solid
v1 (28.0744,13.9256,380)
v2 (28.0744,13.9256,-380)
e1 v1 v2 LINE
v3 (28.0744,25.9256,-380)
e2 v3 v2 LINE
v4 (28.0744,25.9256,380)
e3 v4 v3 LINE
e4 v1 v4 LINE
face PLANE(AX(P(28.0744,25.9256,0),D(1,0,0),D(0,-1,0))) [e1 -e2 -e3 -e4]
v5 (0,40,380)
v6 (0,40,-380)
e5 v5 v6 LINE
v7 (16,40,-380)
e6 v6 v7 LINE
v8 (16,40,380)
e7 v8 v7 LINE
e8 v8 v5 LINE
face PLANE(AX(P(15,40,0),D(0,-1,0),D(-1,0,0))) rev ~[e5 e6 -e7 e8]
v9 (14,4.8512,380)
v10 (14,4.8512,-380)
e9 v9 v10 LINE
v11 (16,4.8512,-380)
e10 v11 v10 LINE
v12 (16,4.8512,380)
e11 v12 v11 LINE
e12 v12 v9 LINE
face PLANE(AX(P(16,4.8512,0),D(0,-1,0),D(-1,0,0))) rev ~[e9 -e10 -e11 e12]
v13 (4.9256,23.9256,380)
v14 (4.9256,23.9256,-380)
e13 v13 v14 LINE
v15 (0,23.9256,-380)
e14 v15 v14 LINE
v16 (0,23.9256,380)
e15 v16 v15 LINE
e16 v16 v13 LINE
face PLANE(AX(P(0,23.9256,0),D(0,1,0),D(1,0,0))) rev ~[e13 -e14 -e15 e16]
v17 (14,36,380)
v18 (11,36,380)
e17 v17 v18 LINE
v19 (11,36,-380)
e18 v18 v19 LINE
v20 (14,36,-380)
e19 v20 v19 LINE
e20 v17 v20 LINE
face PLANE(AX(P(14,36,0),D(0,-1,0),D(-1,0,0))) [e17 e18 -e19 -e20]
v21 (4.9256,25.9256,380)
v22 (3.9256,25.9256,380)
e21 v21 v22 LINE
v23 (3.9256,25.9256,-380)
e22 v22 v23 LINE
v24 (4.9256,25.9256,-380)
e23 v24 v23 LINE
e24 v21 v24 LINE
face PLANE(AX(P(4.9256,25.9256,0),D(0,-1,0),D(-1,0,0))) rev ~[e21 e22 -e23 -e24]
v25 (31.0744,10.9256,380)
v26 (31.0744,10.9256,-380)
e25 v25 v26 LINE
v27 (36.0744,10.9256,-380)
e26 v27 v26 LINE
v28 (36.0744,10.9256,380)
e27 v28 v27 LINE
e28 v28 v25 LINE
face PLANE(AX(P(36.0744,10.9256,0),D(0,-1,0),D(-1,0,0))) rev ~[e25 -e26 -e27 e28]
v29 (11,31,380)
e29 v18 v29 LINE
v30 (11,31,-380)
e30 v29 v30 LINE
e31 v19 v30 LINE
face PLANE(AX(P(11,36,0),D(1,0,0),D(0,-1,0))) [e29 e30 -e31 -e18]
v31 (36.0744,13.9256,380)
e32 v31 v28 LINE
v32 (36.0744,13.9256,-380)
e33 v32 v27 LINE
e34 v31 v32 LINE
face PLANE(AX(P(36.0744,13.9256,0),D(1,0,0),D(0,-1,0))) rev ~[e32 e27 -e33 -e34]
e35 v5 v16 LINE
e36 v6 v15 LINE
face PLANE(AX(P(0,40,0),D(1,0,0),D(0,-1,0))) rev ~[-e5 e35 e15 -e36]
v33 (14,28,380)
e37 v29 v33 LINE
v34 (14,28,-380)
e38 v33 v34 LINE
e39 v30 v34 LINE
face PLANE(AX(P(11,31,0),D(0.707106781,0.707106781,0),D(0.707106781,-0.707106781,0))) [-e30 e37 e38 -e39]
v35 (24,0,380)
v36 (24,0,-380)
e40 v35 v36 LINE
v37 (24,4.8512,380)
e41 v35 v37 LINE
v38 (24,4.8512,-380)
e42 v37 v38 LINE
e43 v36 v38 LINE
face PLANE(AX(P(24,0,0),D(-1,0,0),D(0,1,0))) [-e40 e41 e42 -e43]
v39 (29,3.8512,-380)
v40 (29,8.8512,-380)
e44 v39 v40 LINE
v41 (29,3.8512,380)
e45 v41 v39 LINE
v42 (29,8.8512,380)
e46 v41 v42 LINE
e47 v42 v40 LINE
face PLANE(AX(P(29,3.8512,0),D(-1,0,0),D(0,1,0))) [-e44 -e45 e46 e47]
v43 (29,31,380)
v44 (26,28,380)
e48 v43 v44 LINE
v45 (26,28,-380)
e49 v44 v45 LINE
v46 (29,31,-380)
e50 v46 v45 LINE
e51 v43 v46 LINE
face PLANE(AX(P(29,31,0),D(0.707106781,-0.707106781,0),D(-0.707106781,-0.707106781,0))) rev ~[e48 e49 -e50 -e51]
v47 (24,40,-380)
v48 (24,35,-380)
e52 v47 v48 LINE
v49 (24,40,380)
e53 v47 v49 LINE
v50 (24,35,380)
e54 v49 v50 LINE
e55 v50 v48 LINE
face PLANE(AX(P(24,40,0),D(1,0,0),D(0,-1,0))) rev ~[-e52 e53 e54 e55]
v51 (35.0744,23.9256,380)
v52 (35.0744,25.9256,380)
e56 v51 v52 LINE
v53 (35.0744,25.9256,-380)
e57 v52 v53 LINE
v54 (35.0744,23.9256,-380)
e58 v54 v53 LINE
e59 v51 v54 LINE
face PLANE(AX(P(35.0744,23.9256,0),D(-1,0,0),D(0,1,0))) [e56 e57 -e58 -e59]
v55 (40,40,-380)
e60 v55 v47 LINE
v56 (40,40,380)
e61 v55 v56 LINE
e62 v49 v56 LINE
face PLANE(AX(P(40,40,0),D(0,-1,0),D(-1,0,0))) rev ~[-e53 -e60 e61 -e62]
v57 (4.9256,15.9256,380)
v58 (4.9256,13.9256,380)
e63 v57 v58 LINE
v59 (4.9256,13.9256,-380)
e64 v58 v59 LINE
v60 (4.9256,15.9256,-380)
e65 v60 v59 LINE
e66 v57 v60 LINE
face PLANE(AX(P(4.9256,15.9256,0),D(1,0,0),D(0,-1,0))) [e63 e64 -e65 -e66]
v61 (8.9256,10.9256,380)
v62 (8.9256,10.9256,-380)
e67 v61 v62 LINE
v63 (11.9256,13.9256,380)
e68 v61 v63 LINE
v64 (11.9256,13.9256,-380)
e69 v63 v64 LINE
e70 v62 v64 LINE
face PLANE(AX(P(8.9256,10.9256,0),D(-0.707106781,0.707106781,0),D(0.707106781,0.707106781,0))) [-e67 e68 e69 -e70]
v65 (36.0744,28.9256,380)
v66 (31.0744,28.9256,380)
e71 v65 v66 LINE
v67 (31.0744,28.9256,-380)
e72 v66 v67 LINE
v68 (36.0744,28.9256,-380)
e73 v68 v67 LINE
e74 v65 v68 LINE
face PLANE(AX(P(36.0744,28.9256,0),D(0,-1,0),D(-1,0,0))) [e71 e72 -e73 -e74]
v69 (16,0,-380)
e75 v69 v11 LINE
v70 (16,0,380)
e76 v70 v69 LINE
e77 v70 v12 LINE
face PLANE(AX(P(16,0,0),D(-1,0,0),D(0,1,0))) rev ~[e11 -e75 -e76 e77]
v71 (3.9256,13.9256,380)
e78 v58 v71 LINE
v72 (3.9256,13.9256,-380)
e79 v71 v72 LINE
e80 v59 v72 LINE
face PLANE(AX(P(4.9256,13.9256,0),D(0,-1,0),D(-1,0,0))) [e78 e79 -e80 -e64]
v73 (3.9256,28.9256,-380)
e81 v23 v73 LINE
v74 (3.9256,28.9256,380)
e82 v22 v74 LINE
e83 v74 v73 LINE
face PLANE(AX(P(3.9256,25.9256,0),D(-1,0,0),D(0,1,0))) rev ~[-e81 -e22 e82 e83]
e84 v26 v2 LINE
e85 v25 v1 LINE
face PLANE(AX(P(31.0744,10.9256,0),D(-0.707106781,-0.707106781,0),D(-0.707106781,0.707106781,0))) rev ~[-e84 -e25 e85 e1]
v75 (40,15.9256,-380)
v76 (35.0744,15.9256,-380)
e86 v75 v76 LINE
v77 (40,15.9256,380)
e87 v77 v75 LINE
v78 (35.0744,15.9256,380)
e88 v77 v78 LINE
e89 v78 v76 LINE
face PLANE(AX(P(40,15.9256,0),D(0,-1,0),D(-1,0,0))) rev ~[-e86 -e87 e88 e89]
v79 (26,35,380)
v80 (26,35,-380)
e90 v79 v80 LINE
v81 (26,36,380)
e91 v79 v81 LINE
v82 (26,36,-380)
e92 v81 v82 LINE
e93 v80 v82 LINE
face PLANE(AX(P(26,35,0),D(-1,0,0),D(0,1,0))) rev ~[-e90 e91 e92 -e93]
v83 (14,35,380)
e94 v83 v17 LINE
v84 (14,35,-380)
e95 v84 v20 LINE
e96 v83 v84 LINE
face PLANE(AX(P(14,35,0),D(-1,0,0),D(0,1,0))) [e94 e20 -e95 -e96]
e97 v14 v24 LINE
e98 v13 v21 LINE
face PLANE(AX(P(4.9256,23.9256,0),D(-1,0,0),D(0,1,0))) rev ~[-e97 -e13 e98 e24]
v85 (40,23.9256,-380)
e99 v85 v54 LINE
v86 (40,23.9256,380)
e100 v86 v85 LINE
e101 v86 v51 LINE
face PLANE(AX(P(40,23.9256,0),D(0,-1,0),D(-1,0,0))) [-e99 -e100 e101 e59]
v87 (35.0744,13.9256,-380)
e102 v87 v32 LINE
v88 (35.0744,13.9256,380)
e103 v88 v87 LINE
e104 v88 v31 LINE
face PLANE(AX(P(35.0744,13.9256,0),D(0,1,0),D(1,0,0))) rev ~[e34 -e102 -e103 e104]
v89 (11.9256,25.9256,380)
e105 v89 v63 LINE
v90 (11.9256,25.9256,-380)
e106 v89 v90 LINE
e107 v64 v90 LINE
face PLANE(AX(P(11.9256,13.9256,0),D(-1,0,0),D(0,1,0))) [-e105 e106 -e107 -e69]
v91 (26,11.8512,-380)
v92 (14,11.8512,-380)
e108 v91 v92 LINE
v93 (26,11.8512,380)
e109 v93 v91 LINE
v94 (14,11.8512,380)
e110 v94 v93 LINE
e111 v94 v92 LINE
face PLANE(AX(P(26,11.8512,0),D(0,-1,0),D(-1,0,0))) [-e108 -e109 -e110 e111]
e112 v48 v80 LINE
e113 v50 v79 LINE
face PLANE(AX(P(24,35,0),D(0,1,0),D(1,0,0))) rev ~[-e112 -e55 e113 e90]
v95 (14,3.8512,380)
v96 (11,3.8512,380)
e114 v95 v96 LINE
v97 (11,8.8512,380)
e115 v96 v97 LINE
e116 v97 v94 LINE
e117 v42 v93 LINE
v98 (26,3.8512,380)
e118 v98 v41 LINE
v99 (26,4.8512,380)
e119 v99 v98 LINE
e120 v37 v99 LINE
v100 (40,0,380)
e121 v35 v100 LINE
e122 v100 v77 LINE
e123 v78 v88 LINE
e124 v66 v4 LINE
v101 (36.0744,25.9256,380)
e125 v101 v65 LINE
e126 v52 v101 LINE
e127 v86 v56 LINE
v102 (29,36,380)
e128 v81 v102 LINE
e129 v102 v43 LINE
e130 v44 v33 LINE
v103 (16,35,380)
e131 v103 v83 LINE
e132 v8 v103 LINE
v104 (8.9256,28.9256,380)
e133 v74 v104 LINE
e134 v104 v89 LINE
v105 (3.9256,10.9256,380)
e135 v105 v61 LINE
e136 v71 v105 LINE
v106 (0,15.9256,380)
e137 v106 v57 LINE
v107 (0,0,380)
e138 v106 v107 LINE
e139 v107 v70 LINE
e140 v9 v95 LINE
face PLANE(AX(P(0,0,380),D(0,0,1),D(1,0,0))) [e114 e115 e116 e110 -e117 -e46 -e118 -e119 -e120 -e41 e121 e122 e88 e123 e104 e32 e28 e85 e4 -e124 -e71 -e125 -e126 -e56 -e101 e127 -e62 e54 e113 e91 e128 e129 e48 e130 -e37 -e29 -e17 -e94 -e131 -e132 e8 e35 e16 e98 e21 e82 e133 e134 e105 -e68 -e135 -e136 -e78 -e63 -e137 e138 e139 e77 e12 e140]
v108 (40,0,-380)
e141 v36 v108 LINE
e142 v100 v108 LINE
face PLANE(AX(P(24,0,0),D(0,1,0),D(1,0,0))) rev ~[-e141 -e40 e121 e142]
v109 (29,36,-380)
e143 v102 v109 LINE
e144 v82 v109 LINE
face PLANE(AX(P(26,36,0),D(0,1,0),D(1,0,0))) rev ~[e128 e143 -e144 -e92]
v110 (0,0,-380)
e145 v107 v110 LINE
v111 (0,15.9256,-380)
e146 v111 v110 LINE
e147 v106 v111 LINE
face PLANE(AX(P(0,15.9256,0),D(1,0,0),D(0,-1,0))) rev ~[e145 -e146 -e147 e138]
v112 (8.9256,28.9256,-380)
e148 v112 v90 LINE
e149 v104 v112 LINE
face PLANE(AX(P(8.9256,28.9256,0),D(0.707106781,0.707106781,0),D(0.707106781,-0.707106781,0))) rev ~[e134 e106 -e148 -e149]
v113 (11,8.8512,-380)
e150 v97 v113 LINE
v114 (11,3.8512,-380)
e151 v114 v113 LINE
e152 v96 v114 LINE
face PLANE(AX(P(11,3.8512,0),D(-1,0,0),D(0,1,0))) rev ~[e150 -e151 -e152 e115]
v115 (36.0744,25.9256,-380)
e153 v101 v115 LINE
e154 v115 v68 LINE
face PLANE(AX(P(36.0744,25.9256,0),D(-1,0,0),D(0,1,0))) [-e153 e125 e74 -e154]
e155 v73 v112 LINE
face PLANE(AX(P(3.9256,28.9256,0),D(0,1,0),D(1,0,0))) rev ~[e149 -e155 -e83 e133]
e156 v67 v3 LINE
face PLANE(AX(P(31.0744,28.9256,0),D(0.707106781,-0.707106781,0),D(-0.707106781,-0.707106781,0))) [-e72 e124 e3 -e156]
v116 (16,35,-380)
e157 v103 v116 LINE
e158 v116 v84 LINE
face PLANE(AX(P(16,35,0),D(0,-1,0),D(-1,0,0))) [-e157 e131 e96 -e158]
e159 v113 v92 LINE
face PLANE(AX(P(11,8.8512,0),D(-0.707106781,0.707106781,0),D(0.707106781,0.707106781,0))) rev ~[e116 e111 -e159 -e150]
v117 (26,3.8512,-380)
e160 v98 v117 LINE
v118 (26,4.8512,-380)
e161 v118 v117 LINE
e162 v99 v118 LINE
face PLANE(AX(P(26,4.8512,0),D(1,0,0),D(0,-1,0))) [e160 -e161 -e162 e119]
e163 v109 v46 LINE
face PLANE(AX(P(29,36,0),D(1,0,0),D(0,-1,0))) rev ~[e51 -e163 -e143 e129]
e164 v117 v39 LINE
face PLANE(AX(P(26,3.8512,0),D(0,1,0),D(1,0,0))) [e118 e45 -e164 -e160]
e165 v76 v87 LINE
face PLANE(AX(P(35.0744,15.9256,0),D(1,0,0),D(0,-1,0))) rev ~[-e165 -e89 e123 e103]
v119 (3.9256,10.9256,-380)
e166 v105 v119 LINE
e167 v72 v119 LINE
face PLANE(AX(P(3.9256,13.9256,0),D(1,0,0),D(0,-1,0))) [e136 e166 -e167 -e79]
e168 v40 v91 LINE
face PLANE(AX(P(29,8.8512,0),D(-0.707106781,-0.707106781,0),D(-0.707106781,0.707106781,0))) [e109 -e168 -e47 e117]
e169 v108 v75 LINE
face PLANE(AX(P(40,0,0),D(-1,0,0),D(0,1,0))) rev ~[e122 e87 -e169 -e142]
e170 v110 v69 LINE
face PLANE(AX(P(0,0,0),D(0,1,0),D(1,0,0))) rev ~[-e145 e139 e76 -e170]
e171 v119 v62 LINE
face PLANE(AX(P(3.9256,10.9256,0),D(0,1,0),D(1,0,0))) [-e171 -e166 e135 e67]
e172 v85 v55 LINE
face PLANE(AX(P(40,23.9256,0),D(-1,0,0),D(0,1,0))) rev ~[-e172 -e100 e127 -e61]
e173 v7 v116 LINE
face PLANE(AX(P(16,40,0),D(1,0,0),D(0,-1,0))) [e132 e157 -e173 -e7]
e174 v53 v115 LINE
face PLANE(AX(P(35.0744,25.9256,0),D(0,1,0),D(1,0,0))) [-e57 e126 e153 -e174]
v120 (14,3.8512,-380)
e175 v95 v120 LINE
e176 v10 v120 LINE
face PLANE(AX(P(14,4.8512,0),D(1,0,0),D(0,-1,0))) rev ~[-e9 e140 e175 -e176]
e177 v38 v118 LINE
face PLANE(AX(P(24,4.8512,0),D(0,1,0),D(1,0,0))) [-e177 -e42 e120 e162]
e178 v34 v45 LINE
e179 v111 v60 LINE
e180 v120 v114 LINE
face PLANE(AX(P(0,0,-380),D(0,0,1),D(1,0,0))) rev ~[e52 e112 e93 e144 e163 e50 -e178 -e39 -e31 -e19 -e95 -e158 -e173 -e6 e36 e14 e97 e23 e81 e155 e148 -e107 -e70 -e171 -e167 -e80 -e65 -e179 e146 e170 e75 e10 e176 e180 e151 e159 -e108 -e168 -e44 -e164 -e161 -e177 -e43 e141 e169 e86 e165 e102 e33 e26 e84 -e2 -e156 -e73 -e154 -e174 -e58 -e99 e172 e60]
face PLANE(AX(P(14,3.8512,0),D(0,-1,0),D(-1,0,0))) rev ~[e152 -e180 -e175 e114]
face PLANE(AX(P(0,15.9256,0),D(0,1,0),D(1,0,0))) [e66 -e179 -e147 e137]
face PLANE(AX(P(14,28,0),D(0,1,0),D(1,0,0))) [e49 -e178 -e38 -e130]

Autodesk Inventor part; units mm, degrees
ref_plane "YZ Plane" through (0, 0, 0) normal (1, 0, 0) x (0, 1, 0)
ref_plane "XZ Plane" through (0, 0, 0) normal (0, 1, 0) x (-1, 0, 0)
ref_plane "XY Plane" through (0, 0, 0) normal (0, 0, 1) x (1, 0, 0)
sketch "스케치1" plane through (0, 0, 0) normal (0, 0, 1) x (1, 0, 0)
  line L0 (40, 40) -> (25, 40)
  line L1 (15, 40) -> (0, 40)
  line L2 (16, 40) -> (16, 35)
  line L3 (16, 35) -> (14, 35)
  line L4 (14, 35) -> (14, 36)
  line L5 (14, 36) -> (11, 36)
  line L6 (11, 36) -> (11, 31)
  line L7 (11, 31) -> (14, 28)
  line L8 (11, 31) -> (20.81, 31) construction
  line L9 (14, 28) -> (20, 28)
  line L10 (24, 40) -> (24, 35)
  line L11 (24, 35) -> (26, 35)
  line L12 (26, 35) -> (26, 36)
  line L13 (26, 36) -> (29, 36)
  line L14 (29, 36) -> (29, 31)
  line L15 (29, 31) -> (26, 28)
  line L16 (29, 31) -> (19.19, 31) construction
  line L17 (26, 28) -> (20, 28)
  line L18 (-0.0744, 15.9256) -> (4.9256, 15.9256)
  line L19 (-0.0744, 23.9256) -> (4.9256, 23.9256)
  line L20 (4.9256, 23.9256) -> (4.9256, 25.9256)
  line L21 (11.9256, 25.9256) -> (11.9256, 19.9256)
  line L22 (8.9256, 28.9256) -> (8.9256, 19.1155) construction
  line L23 (8.9256, 28.9256) -> (11.9256, 25.9256)
  line L24 (3.9256, 28.9256) -> (8.9256, 28.9256)
  line L25 (3.9256, 25.9256) -> (3.9256, 28.9256)
  line L26 (4.9256, 25.9256) -> (3.9256, 25.9256)
  line L27 (4.9256, 15.9256) -> (4.9256, 13.9256)
  line L28 (11.9256, 13.9256) -> (11.9256, 19.9256)
  line L29 (4.9256, 13.9256) -> (3.9256, 13.9256)
  line L30 (8.9256, 10.9256) -> (11.9256, 13.9256)
  line L31 (8.9256, 10.9256) -> (8.9256, 20.7356) construction
  line L32 (3.9256, 13.9256) -> (3.9256, 10.9256)
  line L33 (3.9256, 10.9256) -> (8.9256, 10.9256)
  line L34 (24, -0.1488) -> (24, 4.8512)
  line L35 (16, -0.1488) -> (16, 4.8512)
  line L36 (16, 4.8512) -> (14, 4.8512)
  line L37 (14, 11.8512) -> (20, 11.8512)
  line L38 (11, 8.8512) -> (20.81, 8.8512) construction
  line L39 (11, 8.8512) -> (14, 11.8512)
  line L40 (11, 3.8512) -> (11, 8.8512)
  line L41 (14, 3.8512) -> (11, 3.8512)
  line L42 (14, 4.8512) -> (14, 3.8512)
  line L43 (24, 4.8512) -> (26, 4.8512)
  line L44 (26, 11.8512) -> (20, 11.8512)
  line L45 (26, 4.8512) -> (26, 3.8512)
  line L46 (29, 8.8512) -> (26, 11.8512)
  line L47 (29, 8.8512) -> (19.19, 8.8512) construction
  line L48 (26, 3.8512) -> (29, 3.8512)
  line L49 (29, 3.8512) -> (29, 8.8512)
  line L50 (40.0744, 23.9256) -> (35.0744, 23.9256)
  line L51 (40.0744, 15.9256) -> (35.0744, 15.9256)
  line L52 (35.0744, 15.9256) -> (35.0744, 13.9256)
  line L53 (28.0744, 13.9256) -> (28.0744, 19.9256)
  line L54 (31.0744, 10.9256) -> (31.0744, 20.7356) construction
  line L55 (31.0744, 10.9256) -> (28.0744, 13.9256)
  line L56 (36.0744, 10.9256) -> (31.0744, 10.9256)
  line L57 (36.0744, 13.9256) -> (36.0744, 10.9256)
  line L58 (35.0744, 13.9256) -> (36.0744, 13.9256)
  line L59 (35.0744, 23.9256) -> (35.0744, 25.9256)
  line L60 (28.0744, 25.9256) -> (28.0744, 19.9256)
  line L61 (35.0744, 25.9256) -> (36.0744, 25.9256)
  line L62 (31.0744, 28.9256) -> (28.0744, 25.9256)
  line L63 (31.0744, 28.9256) -> (31.0744, 19.1155) construction
  line L64 (36.0744, 25.9256) -> (36.0744, 28.9256)
  line L65 (36.0744, 28.9256) -> (31.0744, 28.9256)
  line L66 (11, 20) -> (11.9256, 20)
  line L67 (28.0744, 20) -> (29, 20)
  line L68 (20, 3.8512) -> (20, 4.8512)
  line L69 (20, 35) -> (20, 36)
  line L70 (15, 40) -> (16, 40)
  line L71 (24, 40) -> (25, 40)
  line L72 (0, 40) -> (0, 23.9256)
  line L73 (0, 15.9256) -> (0, 0)
  line L74 (40, 0) -> (40, 15.9256)
  line L75 (40, 23.9256) -> (40, 40)
  line L76 (0, 0) -> (16, 0)
  line L77 (24, 0) -> (40, 0)
  point P0 (25, 38)
  point P1 (20, 19.9256)
  point P2 (15, 35)
  point P3 (25, 35)
  point P4 (4.9256, 24.9256)
  point P5 (4.9256, 14.9256)
  point P6 (15, 4.8512)
  point P7 (25, 4.8512)
  point P8 (35.0744, 14.9256)
  point P9 (35.0744, 24.9256)
  dimension "d0" = 40
  dimension "d1" = 40
  dimension "d14" = 2
  dimension "d15" = 5
  dimension "d16" = 1
  dimension "d17" = 3
  dimension "d18" = 5
  dimension "d19" = 45
  dimension "d21" = 7
  dimension "d24" = 360
extrude "돌출1" add sketch "스케치1" along normal mid plane 760
properties part number "76" material "철, 회색"
